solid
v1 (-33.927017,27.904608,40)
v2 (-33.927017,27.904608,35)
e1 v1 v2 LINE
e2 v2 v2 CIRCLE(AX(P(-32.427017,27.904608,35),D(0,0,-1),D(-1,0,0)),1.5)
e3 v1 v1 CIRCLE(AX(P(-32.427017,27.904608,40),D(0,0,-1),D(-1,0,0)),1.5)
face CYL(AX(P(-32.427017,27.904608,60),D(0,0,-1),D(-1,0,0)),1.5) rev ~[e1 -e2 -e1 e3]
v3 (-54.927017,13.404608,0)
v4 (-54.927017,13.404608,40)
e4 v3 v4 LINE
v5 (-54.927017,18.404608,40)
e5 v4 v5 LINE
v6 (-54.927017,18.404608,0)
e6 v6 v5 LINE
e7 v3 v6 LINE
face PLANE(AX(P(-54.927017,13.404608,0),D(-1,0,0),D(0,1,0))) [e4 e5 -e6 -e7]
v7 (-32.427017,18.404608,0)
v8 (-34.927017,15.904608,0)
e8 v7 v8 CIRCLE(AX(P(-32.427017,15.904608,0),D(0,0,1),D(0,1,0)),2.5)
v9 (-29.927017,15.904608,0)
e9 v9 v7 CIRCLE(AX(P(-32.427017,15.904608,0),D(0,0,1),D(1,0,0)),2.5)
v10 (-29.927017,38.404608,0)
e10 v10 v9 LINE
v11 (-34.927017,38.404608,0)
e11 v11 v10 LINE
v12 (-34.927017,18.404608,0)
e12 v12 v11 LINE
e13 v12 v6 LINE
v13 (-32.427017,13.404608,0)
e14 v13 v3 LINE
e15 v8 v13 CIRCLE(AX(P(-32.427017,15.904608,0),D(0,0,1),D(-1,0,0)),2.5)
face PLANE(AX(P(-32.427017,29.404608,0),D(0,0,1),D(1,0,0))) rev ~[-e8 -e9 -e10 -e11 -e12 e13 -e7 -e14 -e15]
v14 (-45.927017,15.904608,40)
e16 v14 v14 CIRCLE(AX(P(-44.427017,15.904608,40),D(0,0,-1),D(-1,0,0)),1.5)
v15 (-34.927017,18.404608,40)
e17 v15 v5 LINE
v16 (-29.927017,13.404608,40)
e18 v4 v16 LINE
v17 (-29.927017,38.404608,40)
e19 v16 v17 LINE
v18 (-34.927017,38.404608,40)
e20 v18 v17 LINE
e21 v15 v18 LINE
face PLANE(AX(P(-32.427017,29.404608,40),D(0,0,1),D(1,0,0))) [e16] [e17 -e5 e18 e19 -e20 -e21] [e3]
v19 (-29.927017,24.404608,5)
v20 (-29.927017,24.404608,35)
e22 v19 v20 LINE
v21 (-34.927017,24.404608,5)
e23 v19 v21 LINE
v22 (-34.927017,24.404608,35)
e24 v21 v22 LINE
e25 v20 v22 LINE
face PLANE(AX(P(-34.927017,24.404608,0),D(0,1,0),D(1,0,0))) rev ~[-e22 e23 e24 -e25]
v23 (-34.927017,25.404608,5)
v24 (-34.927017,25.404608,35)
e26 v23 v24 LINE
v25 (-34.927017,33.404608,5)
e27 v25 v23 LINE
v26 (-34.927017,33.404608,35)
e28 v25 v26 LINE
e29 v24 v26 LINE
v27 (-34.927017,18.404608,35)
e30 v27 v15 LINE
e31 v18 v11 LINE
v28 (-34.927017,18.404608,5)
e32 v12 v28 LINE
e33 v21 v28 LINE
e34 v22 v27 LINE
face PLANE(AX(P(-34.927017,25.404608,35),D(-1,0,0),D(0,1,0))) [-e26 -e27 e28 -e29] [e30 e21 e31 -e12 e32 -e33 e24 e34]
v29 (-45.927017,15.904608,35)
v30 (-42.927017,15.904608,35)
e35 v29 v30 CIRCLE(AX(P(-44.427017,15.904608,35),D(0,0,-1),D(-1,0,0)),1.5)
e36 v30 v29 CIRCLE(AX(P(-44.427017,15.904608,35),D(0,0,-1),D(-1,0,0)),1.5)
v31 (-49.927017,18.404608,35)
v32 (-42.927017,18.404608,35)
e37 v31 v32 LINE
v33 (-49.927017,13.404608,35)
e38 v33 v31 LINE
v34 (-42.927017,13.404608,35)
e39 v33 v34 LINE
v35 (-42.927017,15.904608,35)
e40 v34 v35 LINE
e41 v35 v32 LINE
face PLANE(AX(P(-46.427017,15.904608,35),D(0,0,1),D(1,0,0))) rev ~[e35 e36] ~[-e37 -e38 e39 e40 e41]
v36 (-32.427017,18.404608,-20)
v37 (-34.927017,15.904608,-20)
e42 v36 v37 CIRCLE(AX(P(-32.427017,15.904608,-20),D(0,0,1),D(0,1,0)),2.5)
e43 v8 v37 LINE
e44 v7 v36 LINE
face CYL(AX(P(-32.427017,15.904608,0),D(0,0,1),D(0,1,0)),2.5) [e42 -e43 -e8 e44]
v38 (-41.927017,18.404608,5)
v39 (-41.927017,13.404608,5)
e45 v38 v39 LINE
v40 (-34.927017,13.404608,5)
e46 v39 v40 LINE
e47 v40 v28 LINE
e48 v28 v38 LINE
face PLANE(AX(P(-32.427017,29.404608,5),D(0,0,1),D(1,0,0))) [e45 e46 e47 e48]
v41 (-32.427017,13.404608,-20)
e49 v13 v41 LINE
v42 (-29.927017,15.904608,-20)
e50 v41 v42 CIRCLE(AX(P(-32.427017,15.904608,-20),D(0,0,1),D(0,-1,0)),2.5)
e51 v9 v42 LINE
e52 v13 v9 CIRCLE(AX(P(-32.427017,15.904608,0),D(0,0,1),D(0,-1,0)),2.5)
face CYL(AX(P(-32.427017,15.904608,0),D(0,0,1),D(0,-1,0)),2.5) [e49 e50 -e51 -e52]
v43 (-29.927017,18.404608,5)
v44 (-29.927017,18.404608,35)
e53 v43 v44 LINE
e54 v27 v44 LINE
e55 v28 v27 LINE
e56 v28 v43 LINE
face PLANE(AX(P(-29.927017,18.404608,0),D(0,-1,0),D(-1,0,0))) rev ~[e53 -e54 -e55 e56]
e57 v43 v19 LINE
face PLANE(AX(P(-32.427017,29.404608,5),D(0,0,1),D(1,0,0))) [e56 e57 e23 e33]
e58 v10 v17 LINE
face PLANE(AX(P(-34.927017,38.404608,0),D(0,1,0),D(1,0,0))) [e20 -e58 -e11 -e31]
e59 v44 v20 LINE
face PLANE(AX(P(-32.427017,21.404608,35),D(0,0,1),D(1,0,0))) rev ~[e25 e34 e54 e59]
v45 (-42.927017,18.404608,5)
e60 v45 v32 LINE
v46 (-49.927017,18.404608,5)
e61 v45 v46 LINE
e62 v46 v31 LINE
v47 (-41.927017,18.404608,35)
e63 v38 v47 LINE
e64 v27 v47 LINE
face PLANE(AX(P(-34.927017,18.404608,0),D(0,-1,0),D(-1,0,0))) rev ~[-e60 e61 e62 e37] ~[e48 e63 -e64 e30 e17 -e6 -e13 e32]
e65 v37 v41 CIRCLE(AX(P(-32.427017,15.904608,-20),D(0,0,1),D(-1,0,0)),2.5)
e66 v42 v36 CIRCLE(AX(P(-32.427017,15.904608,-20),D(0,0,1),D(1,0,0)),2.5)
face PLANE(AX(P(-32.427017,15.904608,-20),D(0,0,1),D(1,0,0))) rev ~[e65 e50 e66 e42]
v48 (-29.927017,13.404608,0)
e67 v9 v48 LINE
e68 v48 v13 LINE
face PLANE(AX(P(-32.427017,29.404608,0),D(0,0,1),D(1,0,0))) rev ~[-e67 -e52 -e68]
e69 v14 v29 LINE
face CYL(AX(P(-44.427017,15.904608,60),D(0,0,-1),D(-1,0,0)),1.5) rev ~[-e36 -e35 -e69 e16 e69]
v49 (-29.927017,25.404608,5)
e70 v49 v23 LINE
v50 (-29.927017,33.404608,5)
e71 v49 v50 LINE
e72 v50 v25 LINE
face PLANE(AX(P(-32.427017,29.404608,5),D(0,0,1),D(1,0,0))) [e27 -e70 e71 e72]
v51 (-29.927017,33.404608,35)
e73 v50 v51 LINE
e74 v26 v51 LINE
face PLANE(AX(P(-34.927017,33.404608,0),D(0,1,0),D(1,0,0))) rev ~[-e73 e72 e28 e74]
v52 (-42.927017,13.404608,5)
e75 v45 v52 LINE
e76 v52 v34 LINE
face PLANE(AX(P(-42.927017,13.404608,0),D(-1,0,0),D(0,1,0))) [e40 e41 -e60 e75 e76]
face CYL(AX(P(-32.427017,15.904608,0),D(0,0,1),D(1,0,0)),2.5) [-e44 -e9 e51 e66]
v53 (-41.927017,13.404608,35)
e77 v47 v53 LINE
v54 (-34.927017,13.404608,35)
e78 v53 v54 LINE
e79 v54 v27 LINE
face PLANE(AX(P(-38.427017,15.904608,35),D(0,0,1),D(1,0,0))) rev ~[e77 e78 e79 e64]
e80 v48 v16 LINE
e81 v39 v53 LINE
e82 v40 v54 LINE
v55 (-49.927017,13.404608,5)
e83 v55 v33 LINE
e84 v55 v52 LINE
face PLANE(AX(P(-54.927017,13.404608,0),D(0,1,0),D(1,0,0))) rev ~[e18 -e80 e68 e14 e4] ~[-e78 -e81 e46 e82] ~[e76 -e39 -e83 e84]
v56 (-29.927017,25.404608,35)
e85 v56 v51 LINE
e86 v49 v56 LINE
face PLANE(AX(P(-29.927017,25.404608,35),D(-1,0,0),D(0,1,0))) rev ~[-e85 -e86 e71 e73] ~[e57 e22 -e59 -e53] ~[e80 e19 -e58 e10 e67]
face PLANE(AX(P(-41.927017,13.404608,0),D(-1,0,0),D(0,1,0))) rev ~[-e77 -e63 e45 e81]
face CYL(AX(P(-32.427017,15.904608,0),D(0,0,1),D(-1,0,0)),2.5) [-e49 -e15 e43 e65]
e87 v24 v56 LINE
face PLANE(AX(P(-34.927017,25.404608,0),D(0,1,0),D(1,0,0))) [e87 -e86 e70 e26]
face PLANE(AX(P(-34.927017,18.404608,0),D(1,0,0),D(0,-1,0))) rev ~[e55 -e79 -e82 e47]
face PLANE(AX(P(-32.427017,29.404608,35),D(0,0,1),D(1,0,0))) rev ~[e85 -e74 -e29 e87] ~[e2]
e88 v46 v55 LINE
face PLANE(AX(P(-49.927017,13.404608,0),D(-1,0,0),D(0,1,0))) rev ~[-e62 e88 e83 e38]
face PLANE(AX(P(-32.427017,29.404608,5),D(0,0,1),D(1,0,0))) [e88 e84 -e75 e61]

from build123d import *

# Parameters (mm, degrees)
F0_W     = 5
F0_H     = 8
F0_W_2   = 7
F0_H_2   = 5
F0_W_3   = 1
F0_H_3   = 1
F1_DEPTH = 5
F2_DEPTH = 40
F3_START = 35
F3_DEPTH = 5
F4_DEPTH = 20
F6_D     = 3
F6_DEPTH = 20
F6_TIP   = 0.9012909285


with BuildPart() as f1:
    # F0 (on Top) → F1 (new body)
    with BuildSketch(Plane.XY):
        with Locations((-32.4270167043, 29.4046077263)):
            Rectangle(F0_W, F0_H)
        with Locations((-46.4270167043, 15.9046077263)):
            Rectangle(F0_W_2, F0_H_2)
        with Locations((-52.4270167043, 15.9046077263)):
            Rectangle(F0_W, F0_H_2)
        with Locations((-32.4270167043, 35.9046077263)):
            Rectangle(F0_W, F0_H_2)
        with BuildLine():
            ThreePointArc((-34.9270167043, 15.9046077263), (-34.1947836573, 14.1368407733), (-32.4270167043, 13.4046077263))
            ThreePointArc((-32.4270167043, 13.4046077263), (-30.6592497514, 14.1368407733), (-29.9270167043, 15.9046077263))
            ThreePointArc((-29.9270167043, 15.9046077263), (-30.6592497514, 17.6723746792), (-32.4270167043, 18.4046077263))
            ThreePointArc((-32.4270167043, 18.4046077263), (-34.1947836573, 17.6723746792), (-34.9270167043, 15.9046077263))
        make_face()
        with BuildLine():
            ThreePointArc((-32.4270167043, 18.4046077263), (-30.6592497514, 17.6723746792), (-29.9270167043, 15.9046077263))
            Line((-29.9270167043, 15.9046077263), (-29.9270167043, 18.4046077263))
            Line((-29.9270167043, 18.4046077263), (-32.4270167043, 18.4046077263))
        make_face()
        with BuildLine():
            Line((-34.9270167043, 15.9046077263), (-34.9270167043, 13.4046077263))
            Line((-34.9270167043, 13.4046077263), (-32.4270167043, 13.4046077263))
            ThreePointArc((-32.4270167043, 13.4046077263), (-34.1947836573, 14.1368407733), (-34.9270167043, 15.9046077263))
        make_face()
        with BuildLine():
            ThreePointArc((-29.9270167043, 15.9046077263), (-30.6592497514, 14.1368407733), (-32.4270167043, 13.4046077263))
            Line((-32.4270167043, 13.4046077263), (-29.9270167043, 13.4046077263))
            Line((-29.9270167043, 13.4046077263), (-29.9270167043, 15.9046077263))
        make_face()
        with BuildLine():
            Line((-34.9270167043, 18.4046077263), (-34.9270167043, 15.9046077263))
            ThreePointArc((-34.9270167043, 15.9046077263), (-34.1947836573, 17.6723746792), (-32.4270167043, 18.4046077263))
            Line((-32.4270167043, 18.4046077263), (-34.9270167043, 18.4046077263))
        make_face()
        Polygon((-41.9270167043, 18.4046077263), (-41.9270167043, 13.4046077263), (-34.9270167043, 13.4046077263), (-34.9270167043, 15.9046077263), (-34.9270167043, 18.4046077263), align=None)
        with Locations((-42.4270167043, 15.9046077263)):
            Rectangle(F0_W_3, F0_H_2)
        Polygon((-34.9270167043, 24.4046077263), (-34.9270167043, 18.4046077263), (-32.4270167043, 18.4046077263), (-29.9270167043, 18.4046077263), (-29.9270167043, 24.4046077263), align=None)
        with Locations((-32.4270167043, 24.9046077263)):
            Rectangle(F0_W, F0_H_3)
    extrude(amount=F1_DEPTH)

    # F0 (on Top) → F2 (join)
    with BuildSketch(Plane.XY):
        with Locations((-52.4270167043, 15.9046077263)):
            Rectangle(F0_W, F0_H_2)
        with BuildLine():
            Line((-34.9270167043, 18.4046077263), (-34.9270167043, 15.9046077263))
            ThreePointArc((-34.9270167043, 15.9046077263), (-34.1947836573, 17.6723746792), (-32.4270167043, 18.4046077263))
            Line((-32.4270167043, 18.4046077263), (-34.9270167043, 18.4046077263))
        make_face()
        with BuildLine():
            Line((-34.9270167043, 15.9046077263), (-34.9270167043, 13.4046077263))
            Line((-34.9270167043, 13.4046077263), (-32.4270167043, 13.4046077263))
            ThreePointArc((-32.4270167043, 13.4046077263), (-34.1947836573, 14.1368407733), (-34.9270167043, 15.9046077263))
        make_face()
        with BuildLine():
            ThreePointArc((-34.9270167043, 15.9046077263), (-34.1947836573, 14.1368407733), (-32.4270167043, 13.4046077263))
            ThreePointArc((-32.4270167043, 13.4046077263), (-30.6592497514, 14.1368407733), (-29.9270167043, 15.9046077263))
            ThreePointArc((-29.9270167043, 15.9046077263), (-30.6592497514, 17.6723746792), (-32.4270167043, 18.4046077263))
            ThreePointArc((-32.4270167043, 18.4046077263), (-34.1947836573, 17.6723746792), (-34.9270167043, 15.9046077263))
        make_face()
        with BuildLine():
            ThreePointArc((-32.4270167043, 18.4046077263), (-30.6592497514, 17.6723746792), (-29.9270167043, 15.9046077263))
            Line((-29.9270167043, 15.9046077263), (-29.9270167043, 18.4046077263))
            Line((-29.9270167043, 18.4046077263), (-32.4270167043, 18.4046077263))
        make_face()
        with BuildLine():
            ThreePointArc((-29.9270167043, 15.9046077263), (-30.6592497514, 14.1368407733), (-32.4270167043, 13.4046077263))
            Line((-32.4270167043, 13.4046077263), (-29.9270167043, 13.4046077263))
            Line((-29.9270167043, 13.4046077263), (-29.9270167043, 15.9046077263))
        make_face()
        with Locations((-32.4270167043, 35.9046077263)):
            Rectangle(F0_W, F0_H_2)
        with Locations((-42.4270167043, 15.9046077263)):
            Rectangle(F0_W_3, F0_H_2)
        with Locations((-32.4270167043, 24.9046077263)):
            Rectangle(F0_W, F0_H_3)
    extrude(amount=F2_DEPTH)

    # F0 (on Top) → F3 (join)
    with BuildSketch(Plane.XY.offset(F3_START)):
        with Locations((-32.4270167043, 29.4046077263)):
            Rectangle(F0_W, F0_H)
        with Locations((-46.4270167043, 15.9046077263)):
            Rectangle(F0_W_2, F0_H_2)
        Polygon((-41.9270167043, 18.4046077263), (-41.9270167043, 13.4046077263), (-34.9270167043, 13.4046077263), (-34.9270167043, 15.9046077263), (-34.9270167043, 18.4046077263), align=None)
        Polygon((-34.9270167043, 24.4046077263), (-34.9270167043, 18.4046077263), (-32.4270167043, 18.4046077263), (-29.9270167043, 18.4046077263), (-29.9270167043, 24.4046077263), align=None)
    extrude(amount=F3_DEPTH)

    # F0 (on Top) → F4 (join)
    with BuildSketch(Plane.XY):
        with BuildLine():
            ThreePointArc((-34.9270167043, 15.9046077263), (-34.1947836573, 14.1368407733), (-32.4270167043, 13.4046077263))
            ThreePointArc((-32.4270167043, 13.4046077263), (-30.6592497514, 14.1368407733), (-29.9270167043, 15.9046077263))
            ThreePointArc((-29.9270167043, 15.9046077263), (-30.6592497514, 17.6723746792), (-32.4270167043, 18.4046077263))
            ThreePointArc((-32.4270167043, 18.4046077263), (-34.1947836573, 17.6723746792), (-34.9270167043, 15.9046077263))
        make_face()
    extrude(amount=-F4_DEPTH)

    # F6
    with Locations(Plane.XY.offset(40)):
        with Locations((-44.4270167043, 15.9046077263), (-32.4270167043, 27.9046077263)):
            Hole(F6_D / 2, depth=F6_DEPTH)
            with Locations((0, 0, -(F6_DEPTH + F6_TIP / 2))):  # 118° drill point
                Cone(0, F6_D / 2, F6_TIP, mode=Mode.SUBTRACT)


solid = f1.part
